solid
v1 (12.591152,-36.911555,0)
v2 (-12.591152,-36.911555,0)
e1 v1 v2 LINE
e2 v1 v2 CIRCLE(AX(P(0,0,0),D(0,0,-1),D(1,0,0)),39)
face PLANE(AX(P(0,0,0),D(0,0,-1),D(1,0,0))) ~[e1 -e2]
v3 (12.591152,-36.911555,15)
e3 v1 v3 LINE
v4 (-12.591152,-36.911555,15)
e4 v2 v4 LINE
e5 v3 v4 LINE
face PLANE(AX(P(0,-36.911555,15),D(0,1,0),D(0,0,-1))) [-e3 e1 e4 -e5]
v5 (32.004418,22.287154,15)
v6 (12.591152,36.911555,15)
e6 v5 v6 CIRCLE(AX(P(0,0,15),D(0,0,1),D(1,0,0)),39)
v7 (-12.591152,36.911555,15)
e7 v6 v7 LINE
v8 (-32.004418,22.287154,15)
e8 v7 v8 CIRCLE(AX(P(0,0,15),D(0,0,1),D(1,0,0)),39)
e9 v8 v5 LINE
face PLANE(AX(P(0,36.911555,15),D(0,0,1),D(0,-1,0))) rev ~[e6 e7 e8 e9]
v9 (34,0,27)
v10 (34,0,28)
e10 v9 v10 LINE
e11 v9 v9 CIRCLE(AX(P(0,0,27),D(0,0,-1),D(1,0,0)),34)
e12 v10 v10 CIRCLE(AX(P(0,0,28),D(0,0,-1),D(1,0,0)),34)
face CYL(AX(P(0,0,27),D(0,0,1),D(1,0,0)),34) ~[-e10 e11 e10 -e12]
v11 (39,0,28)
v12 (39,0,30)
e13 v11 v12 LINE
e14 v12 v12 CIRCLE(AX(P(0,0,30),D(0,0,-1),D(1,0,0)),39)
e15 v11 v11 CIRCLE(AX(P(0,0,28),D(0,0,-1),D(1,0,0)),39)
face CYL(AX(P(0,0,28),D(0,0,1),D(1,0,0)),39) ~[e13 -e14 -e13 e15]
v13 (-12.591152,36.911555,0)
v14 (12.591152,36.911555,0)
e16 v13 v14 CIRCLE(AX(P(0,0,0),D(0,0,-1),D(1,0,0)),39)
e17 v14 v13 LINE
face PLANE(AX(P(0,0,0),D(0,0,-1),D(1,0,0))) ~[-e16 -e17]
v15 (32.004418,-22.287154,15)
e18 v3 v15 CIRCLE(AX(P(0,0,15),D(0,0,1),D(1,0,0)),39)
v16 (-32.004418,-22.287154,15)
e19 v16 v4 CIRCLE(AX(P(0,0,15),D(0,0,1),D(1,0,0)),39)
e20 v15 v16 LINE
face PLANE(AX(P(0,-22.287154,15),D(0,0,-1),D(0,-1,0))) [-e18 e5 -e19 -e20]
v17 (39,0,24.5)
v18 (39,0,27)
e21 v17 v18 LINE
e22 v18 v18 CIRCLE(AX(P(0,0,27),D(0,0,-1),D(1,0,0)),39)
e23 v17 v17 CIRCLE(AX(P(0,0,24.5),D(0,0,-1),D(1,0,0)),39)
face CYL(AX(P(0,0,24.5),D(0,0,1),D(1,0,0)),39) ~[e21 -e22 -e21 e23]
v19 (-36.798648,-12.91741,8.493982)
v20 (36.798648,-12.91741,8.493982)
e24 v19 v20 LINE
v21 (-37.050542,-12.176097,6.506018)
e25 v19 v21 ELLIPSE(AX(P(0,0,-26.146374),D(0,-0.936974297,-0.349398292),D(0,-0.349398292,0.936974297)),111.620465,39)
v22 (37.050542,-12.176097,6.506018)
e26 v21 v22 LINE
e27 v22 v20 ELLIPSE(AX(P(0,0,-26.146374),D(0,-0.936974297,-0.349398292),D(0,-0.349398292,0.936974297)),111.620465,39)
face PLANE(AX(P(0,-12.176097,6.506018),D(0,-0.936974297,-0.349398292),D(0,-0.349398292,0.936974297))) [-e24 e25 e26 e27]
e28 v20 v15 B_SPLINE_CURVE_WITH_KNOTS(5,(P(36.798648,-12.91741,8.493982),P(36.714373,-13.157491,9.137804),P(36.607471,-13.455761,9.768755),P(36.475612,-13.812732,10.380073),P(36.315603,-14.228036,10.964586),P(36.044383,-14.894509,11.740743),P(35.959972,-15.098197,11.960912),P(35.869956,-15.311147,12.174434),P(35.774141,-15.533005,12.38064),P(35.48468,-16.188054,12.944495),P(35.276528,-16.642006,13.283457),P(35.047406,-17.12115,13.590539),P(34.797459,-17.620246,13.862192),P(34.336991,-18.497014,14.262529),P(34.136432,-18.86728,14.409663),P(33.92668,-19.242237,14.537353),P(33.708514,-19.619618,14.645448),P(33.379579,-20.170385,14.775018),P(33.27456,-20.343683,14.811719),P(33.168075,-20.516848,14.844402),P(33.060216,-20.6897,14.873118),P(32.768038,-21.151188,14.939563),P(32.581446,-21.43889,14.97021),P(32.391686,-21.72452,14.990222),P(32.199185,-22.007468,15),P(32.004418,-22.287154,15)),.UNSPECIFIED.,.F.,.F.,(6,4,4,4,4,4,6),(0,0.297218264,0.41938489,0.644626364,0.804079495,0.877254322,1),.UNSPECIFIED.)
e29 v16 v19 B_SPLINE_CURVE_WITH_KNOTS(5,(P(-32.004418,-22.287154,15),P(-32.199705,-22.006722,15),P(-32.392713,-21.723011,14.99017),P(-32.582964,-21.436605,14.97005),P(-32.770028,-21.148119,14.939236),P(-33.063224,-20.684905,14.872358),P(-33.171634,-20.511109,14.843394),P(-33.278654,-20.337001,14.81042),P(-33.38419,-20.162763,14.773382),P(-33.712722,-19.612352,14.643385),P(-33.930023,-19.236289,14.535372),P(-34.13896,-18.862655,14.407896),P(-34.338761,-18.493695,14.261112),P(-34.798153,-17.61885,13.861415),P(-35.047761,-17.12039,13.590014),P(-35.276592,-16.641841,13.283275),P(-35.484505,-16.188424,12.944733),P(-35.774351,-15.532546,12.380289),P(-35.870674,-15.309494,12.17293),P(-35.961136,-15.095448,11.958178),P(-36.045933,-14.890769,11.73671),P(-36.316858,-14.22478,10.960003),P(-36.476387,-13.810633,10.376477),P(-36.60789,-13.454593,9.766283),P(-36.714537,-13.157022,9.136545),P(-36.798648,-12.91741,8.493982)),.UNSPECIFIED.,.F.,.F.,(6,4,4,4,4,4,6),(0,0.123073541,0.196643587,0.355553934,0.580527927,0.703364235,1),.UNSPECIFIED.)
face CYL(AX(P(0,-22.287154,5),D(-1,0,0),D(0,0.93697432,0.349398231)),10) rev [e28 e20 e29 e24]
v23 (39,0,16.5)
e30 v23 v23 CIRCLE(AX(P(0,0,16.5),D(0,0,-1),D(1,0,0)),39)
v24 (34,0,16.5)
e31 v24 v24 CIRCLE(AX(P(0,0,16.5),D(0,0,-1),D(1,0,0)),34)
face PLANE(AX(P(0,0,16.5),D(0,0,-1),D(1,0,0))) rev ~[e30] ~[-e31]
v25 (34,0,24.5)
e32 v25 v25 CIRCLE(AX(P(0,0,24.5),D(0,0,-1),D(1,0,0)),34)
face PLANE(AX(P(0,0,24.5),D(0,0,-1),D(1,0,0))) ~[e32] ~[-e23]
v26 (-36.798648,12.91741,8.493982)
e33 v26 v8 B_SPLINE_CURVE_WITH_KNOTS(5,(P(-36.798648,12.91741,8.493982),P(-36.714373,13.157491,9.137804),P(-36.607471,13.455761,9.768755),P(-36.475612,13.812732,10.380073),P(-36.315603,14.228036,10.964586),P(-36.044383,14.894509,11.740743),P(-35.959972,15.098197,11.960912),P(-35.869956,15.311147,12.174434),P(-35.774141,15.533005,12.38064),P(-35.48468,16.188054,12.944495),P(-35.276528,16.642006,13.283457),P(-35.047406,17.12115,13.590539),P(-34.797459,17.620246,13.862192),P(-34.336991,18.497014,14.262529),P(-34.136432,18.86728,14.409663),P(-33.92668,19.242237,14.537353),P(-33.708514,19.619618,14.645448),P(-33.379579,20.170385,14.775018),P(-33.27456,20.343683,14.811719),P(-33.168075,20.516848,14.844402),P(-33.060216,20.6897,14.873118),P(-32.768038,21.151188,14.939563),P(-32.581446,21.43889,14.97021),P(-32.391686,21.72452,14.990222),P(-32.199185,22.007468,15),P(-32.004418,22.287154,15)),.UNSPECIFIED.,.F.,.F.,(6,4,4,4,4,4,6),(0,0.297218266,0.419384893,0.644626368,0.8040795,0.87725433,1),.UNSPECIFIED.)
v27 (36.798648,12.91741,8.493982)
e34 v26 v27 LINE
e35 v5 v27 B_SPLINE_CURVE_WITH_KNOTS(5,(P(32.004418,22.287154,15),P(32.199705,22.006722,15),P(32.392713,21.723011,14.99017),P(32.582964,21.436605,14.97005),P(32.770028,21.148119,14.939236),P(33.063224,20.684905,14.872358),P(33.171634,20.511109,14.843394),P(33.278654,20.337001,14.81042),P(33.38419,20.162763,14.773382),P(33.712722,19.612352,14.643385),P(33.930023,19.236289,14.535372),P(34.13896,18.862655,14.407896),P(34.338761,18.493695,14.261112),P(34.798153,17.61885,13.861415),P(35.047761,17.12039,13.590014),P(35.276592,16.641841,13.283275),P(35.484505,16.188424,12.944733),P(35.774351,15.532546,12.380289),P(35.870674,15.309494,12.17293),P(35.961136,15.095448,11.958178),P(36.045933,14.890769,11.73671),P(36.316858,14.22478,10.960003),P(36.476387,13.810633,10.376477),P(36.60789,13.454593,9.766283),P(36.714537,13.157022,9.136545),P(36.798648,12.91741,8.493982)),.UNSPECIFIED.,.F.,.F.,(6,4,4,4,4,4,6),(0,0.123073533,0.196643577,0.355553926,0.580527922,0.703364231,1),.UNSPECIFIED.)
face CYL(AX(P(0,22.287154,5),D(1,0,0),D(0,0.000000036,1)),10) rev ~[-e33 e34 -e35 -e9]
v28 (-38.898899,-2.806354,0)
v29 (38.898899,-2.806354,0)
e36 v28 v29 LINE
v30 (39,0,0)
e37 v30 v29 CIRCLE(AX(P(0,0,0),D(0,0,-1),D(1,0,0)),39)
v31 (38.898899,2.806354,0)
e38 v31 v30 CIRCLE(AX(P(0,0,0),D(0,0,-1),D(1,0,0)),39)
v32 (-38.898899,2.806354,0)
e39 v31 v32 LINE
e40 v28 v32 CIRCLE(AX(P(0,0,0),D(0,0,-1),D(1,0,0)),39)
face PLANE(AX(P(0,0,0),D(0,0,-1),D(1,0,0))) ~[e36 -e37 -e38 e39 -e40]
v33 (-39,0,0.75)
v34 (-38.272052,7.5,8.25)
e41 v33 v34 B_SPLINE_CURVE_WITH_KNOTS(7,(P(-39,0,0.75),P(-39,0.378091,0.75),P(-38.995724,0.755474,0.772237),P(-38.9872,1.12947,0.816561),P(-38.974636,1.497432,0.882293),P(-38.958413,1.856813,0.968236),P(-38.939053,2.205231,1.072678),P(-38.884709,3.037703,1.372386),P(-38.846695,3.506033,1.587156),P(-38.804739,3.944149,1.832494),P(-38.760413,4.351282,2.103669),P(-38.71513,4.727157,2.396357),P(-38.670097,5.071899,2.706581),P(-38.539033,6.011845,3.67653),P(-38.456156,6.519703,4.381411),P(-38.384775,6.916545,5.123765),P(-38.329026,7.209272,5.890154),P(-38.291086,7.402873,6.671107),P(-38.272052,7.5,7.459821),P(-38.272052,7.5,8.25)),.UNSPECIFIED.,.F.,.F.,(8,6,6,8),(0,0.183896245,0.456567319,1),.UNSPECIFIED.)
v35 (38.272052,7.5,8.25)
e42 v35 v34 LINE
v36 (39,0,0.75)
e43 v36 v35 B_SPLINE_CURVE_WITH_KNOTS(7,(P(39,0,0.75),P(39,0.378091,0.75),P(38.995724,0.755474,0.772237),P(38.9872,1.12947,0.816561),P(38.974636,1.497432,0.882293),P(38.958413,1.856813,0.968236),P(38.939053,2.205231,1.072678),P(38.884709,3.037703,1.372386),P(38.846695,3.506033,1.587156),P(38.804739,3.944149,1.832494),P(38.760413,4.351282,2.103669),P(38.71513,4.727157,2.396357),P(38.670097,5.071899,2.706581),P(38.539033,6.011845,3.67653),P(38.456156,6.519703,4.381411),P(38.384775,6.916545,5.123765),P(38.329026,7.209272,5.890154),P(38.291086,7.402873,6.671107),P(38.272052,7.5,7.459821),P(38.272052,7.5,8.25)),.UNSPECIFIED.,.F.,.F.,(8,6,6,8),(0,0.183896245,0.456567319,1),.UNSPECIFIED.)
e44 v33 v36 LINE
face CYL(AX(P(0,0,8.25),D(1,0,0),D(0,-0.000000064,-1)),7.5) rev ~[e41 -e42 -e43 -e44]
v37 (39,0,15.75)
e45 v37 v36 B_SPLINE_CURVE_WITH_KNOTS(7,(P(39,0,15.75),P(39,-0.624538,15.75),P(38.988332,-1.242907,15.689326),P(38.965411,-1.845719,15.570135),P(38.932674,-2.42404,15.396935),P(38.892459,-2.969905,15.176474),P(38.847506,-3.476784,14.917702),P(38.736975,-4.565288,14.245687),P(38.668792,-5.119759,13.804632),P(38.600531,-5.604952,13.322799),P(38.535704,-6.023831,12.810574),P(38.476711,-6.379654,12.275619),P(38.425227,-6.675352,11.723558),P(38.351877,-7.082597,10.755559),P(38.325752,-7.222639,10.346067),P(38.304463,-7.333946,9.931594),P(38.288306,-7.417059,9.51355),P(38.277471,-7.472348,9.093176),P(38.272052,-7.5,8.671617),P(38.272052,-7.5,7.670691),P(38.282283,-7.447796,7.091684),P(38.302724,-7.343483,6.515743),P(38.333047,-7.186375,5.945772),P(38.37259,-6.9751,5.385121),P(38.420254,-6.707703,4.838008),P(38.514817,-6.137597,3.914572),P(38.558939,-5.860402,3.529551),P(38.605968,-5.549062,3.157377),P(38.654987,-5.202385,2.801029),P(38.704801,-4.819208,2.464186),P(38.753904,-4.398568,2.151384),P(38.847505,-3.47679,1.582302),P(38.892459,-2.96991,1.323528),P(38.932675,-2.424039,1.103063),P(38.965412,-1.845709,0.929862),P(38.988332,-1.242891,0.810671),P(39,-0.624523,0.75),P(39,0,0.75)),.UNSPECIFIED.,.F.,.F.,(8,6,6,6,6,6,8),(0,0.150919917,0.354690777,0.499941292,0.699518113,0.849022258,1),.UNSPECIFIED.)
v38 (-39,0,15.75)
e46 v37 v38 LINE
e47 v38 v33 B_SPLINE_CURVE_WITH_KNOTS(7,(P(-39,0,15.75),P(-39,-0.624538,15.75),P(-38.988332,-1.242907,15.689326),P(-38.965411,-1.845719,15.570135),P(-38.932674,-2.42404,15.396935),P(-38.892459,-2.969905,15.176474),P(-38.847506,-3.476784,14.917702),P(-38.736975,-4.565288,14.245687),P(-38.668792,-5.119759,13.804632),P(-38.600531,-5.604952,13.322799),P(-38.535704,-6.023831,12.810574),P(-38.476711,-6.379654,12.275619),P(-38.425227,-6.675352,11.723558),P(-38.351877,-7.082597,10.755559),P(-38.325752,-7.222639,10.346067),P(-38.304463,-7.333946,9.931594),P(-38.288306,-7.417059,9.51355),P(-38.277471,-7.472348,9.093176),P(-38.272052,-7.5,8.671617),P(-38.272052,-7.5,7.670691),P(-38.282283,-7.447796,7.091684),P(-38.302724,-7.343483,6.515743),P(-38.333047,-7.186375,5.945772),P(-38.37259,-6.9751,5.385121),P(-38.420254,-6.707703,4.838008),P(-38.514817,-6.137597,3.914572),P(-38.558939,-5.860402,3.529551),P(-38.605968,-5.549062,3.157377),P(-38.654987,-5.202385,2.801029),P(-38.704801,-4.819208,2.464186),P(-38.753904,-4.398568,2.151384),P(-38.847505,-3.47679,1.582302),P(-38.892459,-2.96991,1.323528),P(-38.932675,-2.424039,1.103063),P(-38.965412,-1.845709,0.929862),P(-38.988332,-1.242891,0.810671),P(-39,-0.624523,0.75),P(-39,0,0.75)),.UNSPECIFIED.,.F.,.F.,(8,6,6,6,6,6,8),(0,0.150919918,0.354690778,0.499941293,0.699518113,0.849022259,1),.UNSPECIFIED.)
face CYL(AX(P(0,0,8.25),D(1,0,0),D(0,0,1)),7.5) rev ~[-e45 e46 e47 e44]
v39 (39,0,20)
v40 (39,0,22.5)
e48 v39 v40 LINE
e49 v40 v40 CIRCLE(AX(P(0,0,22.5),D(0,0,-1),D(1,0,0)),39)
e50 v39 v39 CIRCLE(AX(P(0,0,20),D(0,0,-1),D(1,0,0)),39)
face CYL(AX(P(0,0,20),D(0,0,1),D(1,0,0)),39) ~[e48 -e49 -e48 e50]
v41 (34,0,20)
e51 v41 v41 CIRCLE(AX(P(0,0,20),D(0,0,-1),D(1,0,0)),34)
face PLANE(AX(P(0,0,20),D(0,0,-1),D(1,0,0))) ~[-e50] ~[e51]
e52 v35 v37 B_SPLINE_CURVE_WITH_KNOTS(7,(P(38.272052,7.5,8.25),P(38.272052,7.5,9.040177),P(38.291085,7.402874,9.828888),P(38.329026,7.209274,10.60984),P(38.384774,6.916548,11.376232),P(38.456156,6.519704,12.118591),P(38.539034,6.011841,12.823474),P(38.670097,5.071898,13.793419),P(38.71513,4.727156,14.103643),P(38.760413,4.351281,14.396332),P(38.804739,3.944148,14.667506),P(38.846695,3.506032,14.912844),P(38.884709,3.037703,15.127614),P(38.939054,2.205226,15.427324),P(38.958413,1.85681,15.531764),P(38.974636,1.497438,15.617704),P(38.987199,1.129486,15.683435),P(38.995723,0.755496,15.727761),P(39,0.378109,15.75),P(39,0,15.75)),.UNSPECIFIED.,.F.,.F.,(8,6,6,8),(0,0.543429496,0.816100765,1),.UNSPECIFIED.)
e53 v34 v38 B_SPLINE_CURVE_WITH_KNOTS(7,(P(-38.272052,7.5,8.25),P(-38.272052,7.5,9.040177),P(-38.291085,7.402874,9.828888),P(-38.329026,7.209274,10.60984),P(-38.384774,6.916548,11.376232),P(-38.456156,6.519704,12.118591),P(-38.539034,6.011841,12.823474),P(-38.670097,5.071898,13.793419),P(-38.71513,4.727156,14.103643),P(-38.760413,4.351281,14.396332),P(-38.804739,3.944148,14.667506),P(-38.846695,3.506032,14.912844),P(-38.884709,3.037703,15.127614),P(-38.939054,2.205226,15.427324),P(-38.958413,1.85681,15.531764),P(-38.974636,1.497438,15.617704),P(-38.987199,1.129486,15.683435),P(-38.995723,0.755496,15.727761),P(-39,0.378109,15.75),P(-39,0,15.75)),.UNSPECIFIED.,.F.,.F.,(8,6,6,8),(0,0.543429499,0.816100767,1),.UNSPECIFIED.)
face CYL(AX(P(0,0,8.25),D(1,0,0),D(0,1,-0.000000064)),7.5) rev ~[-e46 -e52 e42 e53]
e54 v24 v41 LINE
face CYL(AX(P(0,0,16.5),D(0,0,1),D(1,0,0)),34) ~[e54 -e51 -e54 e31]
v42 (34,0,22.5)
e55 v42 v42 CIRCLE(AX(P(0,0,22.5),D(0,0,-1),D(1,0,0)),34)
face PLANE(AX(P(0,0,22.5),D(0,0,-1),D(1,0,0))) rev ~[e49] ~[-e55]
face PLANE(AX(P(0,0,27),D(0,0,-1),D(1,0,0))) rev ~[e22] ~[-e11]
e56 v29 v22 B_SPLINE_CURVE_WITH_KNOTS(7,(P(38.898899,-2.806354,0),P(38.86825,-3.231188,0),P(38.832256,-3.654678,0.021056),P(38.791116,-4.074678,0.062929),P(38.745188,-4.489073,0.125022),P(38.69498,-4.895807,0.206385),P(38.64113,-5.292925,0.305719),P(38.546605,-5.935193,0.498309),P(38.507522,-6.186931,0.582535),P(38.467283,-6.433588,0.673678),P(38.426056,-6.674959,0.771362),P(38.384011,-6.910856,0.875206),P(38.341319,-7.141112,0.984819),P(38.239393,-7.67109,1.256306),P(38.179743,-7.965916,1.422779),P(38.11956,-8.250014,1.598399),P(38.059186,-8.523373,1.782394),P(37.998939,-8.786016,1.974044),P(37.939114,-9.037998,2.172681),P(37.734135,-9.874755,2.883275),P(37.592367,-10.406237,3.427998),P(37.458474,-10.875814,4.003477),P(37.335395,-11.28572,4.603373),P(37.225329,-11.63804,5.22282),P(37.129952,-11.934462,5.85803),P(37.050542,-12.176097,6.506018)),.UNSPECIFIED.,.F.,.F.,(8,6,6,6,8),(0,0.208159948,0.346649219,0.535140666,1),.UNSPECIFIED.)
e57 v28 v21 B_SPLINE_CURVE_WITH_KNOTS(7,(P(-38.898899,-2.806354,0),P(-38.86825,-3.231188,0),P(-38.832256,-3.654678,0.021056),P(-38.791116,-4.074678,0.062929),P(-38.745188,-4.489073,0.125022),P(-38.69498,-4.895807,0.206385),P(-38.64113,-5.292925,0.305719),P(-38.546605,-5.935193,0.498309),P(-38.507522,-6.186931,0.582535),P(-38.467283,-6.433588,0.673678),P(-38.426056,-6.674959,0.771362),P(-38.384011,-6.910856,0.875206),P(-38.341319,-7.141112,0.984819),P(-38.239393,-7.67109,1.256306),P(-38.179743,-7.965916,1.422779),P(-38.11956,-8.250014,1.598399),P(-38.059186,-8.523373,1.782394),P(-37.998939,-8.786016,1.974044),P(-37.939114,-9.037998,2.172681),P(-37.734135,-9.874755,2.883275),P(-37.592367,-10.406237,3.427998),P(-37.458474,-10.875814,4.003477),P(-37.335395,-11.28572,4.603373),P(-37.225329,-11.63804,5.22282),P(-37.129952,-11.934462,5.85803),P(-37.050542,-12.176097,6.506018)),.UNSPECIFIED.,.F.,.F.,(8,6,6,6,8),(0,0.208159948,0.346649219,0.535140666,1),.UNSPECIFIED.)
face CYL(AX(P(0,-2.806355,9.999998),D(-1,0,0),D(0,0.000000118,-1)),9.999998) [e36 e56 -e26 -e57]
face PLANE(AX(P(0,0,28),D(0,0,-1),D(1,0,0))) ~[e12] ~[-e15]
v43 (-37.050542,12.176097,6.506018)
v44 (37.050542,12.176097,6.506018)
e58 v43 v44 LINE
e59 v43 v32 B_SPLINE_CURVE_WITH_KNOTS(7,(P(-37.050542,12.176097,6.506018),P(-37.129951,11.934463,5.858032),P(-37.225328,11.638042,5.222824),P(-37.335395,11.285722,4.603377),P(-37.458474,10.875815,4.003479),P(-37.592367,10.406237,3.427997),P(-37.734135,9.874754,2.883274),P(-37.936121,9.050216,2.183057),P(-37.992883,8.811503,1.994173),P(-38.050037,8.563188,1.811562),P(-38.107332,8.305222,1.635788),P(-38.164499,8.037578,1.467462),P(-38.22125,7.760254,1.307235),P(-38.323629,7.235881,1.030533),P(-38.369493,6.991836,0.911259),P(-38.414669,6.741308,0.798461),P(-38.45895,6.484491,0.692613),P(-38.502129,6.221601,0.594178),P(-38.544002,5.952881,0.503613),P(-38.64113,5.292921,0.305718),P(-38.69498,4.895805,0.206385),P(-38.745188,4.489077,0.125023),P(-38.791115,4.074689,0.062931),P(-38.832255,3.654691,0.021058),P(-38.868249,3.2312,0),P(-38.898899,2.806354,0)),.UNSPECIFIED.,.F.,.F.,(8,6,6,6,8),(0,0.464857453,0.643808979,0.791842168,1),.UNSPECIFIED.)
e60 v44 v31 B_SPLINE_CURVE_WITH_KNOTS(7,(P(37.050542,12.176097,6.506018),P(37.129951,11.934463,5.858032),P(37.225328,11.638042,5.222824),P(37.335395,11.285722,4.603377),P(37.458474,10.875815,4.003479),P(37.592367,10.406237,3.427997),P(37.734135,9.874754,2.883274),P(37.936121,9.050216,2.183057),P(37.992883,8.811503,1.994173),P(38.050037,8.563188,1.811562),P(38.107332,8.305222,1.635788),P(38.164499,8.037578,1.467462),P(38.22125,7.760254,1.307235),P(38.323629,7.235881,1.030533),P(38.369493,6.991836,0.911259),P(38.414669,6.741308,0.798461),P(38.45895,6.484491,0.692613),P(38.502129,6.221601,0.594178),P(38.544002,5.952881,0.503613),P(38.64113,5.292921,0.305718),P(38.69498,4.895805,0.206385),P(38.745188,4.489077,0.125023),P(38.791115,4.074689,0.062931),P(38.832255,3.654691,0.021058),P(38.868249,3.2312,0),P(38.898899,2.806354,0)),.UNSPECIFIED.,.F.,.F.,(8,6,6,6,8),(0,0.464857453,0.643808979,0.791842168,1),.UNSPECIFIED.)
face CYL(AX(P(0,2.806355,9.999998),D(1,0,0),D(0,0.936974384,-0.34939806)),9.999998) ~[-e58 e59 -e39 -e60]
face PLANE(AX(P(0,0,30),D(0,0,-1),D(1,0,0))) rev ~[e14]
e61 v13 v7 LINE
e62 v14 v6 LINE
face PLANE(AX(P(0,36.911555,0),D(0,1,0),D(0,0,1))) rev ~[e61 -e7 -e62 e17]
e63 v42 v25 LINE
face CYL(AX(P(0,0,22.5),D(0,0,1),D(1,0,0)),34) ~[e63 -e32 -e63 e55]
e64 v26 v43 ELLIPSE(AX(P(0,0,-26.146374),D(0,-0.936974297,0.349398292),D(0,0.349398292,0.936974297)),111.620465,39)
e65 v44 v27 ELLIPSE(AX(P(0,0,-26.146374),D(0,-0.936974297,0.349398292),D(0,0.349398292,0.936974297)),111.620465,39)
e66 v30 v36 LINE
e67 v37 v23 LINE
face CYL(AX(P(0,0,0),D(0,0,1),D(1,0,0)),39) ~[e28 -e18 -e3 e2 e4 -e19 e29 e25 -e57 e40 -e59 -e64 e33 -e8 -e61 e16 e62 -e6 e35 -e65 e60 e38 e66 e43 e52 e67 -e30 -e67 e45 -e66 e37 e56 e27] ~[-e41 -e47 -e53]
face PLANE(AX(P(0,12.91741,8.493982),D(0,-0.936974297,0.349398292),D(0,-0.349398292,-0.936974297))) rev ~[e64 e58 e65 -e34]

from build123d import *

# Parameters (mm, degrees)
F3_DEPTH = 50
F5_DEPTH = 50


with BuildPart() as f1:
    # F0 (on Front) → F1 (revolve)
    with BuildSketch(Plane.XZ):
        Polygon((39, 30), (0, 30), (0, 0), (39, 0), (39, 16.5), (34, 16.5), (34, 20), (39, 20), (39, 22.5), (34, 22.5), (34, 24.5), (39, 24.5), (39, 27), (34, 27), (34, 28), (39, 28), align=None)
    revolve(axis=Axis((0, 0, 15), (0, 0, -1)))

    # F2 (on Right) → F3 (cut, symmetric)
    with BuildSketch(Plane.YZ):
        with BuildLine():
            Line((-36.911555, 0), (-2.806354, 0))
            ThreePointArc((-2.806354, 0), (-8.50987, 1.785993), (-12.176097, 6.506018))
            Line((-12.176097, 6.506018), (-12.91741, 8.493982))
            ThreePointArc((-12.91741, 8.493982), (-16.583638, 13.214007), (-22.287154, 15))
            Line((-22.287154, 15), (-36.911555, 15))
            Line((-36.911555, 15), (-36.911555, 0))
        make_face()
        with BuildLine():
            Line((36.911555, 15), (22.287154, 15))
            ThreePointArc((22.287154, 15), (16.583638, 13.214007), (12.91741, 8.493982))
            Line((12.91741, 8.493982), (12.176097, 6.506018))
            ThreePointArc((12.176097, 6.506018), (8.50987, 1.785993), (2.806354, 0))
            Line((2.806354, 0), (36.911555, 0))
            Line((36.911555, 0), (36.911555, 15))
        make_face()
    extrude(amount=F3_DEPTH, both=True, mode=Mode.SUBTRACT)

    # F4 (on Right) → F5 (cut, symmetric)
    with BuildSketch(Plane.YZ):
        with BuildLine():
            ThreePointArc((0, 15.75), (-7.5, 8.25), (0, 0.75))
            Line((0, 0.75), (0, 8.25))
            Line((0, 8.25), (0, 15.75))
        make_face()
        with BuildLine():
            Line((0, 8.25), (0, 0.75))
            ThreePointArc((0, 0.75), (5.303301, 2.946699), (7.5, 8.25))
            ThreePointArc((7.5, 8.25), (5.303301, 13.553301), (0, 15.75))
            Line((0, 15.75), (0, 8.25))
        make_face()
    extrude(amount=F5_DEPTH, both=True, mode=Mode.SUBTRACT)


solid = f1.part
